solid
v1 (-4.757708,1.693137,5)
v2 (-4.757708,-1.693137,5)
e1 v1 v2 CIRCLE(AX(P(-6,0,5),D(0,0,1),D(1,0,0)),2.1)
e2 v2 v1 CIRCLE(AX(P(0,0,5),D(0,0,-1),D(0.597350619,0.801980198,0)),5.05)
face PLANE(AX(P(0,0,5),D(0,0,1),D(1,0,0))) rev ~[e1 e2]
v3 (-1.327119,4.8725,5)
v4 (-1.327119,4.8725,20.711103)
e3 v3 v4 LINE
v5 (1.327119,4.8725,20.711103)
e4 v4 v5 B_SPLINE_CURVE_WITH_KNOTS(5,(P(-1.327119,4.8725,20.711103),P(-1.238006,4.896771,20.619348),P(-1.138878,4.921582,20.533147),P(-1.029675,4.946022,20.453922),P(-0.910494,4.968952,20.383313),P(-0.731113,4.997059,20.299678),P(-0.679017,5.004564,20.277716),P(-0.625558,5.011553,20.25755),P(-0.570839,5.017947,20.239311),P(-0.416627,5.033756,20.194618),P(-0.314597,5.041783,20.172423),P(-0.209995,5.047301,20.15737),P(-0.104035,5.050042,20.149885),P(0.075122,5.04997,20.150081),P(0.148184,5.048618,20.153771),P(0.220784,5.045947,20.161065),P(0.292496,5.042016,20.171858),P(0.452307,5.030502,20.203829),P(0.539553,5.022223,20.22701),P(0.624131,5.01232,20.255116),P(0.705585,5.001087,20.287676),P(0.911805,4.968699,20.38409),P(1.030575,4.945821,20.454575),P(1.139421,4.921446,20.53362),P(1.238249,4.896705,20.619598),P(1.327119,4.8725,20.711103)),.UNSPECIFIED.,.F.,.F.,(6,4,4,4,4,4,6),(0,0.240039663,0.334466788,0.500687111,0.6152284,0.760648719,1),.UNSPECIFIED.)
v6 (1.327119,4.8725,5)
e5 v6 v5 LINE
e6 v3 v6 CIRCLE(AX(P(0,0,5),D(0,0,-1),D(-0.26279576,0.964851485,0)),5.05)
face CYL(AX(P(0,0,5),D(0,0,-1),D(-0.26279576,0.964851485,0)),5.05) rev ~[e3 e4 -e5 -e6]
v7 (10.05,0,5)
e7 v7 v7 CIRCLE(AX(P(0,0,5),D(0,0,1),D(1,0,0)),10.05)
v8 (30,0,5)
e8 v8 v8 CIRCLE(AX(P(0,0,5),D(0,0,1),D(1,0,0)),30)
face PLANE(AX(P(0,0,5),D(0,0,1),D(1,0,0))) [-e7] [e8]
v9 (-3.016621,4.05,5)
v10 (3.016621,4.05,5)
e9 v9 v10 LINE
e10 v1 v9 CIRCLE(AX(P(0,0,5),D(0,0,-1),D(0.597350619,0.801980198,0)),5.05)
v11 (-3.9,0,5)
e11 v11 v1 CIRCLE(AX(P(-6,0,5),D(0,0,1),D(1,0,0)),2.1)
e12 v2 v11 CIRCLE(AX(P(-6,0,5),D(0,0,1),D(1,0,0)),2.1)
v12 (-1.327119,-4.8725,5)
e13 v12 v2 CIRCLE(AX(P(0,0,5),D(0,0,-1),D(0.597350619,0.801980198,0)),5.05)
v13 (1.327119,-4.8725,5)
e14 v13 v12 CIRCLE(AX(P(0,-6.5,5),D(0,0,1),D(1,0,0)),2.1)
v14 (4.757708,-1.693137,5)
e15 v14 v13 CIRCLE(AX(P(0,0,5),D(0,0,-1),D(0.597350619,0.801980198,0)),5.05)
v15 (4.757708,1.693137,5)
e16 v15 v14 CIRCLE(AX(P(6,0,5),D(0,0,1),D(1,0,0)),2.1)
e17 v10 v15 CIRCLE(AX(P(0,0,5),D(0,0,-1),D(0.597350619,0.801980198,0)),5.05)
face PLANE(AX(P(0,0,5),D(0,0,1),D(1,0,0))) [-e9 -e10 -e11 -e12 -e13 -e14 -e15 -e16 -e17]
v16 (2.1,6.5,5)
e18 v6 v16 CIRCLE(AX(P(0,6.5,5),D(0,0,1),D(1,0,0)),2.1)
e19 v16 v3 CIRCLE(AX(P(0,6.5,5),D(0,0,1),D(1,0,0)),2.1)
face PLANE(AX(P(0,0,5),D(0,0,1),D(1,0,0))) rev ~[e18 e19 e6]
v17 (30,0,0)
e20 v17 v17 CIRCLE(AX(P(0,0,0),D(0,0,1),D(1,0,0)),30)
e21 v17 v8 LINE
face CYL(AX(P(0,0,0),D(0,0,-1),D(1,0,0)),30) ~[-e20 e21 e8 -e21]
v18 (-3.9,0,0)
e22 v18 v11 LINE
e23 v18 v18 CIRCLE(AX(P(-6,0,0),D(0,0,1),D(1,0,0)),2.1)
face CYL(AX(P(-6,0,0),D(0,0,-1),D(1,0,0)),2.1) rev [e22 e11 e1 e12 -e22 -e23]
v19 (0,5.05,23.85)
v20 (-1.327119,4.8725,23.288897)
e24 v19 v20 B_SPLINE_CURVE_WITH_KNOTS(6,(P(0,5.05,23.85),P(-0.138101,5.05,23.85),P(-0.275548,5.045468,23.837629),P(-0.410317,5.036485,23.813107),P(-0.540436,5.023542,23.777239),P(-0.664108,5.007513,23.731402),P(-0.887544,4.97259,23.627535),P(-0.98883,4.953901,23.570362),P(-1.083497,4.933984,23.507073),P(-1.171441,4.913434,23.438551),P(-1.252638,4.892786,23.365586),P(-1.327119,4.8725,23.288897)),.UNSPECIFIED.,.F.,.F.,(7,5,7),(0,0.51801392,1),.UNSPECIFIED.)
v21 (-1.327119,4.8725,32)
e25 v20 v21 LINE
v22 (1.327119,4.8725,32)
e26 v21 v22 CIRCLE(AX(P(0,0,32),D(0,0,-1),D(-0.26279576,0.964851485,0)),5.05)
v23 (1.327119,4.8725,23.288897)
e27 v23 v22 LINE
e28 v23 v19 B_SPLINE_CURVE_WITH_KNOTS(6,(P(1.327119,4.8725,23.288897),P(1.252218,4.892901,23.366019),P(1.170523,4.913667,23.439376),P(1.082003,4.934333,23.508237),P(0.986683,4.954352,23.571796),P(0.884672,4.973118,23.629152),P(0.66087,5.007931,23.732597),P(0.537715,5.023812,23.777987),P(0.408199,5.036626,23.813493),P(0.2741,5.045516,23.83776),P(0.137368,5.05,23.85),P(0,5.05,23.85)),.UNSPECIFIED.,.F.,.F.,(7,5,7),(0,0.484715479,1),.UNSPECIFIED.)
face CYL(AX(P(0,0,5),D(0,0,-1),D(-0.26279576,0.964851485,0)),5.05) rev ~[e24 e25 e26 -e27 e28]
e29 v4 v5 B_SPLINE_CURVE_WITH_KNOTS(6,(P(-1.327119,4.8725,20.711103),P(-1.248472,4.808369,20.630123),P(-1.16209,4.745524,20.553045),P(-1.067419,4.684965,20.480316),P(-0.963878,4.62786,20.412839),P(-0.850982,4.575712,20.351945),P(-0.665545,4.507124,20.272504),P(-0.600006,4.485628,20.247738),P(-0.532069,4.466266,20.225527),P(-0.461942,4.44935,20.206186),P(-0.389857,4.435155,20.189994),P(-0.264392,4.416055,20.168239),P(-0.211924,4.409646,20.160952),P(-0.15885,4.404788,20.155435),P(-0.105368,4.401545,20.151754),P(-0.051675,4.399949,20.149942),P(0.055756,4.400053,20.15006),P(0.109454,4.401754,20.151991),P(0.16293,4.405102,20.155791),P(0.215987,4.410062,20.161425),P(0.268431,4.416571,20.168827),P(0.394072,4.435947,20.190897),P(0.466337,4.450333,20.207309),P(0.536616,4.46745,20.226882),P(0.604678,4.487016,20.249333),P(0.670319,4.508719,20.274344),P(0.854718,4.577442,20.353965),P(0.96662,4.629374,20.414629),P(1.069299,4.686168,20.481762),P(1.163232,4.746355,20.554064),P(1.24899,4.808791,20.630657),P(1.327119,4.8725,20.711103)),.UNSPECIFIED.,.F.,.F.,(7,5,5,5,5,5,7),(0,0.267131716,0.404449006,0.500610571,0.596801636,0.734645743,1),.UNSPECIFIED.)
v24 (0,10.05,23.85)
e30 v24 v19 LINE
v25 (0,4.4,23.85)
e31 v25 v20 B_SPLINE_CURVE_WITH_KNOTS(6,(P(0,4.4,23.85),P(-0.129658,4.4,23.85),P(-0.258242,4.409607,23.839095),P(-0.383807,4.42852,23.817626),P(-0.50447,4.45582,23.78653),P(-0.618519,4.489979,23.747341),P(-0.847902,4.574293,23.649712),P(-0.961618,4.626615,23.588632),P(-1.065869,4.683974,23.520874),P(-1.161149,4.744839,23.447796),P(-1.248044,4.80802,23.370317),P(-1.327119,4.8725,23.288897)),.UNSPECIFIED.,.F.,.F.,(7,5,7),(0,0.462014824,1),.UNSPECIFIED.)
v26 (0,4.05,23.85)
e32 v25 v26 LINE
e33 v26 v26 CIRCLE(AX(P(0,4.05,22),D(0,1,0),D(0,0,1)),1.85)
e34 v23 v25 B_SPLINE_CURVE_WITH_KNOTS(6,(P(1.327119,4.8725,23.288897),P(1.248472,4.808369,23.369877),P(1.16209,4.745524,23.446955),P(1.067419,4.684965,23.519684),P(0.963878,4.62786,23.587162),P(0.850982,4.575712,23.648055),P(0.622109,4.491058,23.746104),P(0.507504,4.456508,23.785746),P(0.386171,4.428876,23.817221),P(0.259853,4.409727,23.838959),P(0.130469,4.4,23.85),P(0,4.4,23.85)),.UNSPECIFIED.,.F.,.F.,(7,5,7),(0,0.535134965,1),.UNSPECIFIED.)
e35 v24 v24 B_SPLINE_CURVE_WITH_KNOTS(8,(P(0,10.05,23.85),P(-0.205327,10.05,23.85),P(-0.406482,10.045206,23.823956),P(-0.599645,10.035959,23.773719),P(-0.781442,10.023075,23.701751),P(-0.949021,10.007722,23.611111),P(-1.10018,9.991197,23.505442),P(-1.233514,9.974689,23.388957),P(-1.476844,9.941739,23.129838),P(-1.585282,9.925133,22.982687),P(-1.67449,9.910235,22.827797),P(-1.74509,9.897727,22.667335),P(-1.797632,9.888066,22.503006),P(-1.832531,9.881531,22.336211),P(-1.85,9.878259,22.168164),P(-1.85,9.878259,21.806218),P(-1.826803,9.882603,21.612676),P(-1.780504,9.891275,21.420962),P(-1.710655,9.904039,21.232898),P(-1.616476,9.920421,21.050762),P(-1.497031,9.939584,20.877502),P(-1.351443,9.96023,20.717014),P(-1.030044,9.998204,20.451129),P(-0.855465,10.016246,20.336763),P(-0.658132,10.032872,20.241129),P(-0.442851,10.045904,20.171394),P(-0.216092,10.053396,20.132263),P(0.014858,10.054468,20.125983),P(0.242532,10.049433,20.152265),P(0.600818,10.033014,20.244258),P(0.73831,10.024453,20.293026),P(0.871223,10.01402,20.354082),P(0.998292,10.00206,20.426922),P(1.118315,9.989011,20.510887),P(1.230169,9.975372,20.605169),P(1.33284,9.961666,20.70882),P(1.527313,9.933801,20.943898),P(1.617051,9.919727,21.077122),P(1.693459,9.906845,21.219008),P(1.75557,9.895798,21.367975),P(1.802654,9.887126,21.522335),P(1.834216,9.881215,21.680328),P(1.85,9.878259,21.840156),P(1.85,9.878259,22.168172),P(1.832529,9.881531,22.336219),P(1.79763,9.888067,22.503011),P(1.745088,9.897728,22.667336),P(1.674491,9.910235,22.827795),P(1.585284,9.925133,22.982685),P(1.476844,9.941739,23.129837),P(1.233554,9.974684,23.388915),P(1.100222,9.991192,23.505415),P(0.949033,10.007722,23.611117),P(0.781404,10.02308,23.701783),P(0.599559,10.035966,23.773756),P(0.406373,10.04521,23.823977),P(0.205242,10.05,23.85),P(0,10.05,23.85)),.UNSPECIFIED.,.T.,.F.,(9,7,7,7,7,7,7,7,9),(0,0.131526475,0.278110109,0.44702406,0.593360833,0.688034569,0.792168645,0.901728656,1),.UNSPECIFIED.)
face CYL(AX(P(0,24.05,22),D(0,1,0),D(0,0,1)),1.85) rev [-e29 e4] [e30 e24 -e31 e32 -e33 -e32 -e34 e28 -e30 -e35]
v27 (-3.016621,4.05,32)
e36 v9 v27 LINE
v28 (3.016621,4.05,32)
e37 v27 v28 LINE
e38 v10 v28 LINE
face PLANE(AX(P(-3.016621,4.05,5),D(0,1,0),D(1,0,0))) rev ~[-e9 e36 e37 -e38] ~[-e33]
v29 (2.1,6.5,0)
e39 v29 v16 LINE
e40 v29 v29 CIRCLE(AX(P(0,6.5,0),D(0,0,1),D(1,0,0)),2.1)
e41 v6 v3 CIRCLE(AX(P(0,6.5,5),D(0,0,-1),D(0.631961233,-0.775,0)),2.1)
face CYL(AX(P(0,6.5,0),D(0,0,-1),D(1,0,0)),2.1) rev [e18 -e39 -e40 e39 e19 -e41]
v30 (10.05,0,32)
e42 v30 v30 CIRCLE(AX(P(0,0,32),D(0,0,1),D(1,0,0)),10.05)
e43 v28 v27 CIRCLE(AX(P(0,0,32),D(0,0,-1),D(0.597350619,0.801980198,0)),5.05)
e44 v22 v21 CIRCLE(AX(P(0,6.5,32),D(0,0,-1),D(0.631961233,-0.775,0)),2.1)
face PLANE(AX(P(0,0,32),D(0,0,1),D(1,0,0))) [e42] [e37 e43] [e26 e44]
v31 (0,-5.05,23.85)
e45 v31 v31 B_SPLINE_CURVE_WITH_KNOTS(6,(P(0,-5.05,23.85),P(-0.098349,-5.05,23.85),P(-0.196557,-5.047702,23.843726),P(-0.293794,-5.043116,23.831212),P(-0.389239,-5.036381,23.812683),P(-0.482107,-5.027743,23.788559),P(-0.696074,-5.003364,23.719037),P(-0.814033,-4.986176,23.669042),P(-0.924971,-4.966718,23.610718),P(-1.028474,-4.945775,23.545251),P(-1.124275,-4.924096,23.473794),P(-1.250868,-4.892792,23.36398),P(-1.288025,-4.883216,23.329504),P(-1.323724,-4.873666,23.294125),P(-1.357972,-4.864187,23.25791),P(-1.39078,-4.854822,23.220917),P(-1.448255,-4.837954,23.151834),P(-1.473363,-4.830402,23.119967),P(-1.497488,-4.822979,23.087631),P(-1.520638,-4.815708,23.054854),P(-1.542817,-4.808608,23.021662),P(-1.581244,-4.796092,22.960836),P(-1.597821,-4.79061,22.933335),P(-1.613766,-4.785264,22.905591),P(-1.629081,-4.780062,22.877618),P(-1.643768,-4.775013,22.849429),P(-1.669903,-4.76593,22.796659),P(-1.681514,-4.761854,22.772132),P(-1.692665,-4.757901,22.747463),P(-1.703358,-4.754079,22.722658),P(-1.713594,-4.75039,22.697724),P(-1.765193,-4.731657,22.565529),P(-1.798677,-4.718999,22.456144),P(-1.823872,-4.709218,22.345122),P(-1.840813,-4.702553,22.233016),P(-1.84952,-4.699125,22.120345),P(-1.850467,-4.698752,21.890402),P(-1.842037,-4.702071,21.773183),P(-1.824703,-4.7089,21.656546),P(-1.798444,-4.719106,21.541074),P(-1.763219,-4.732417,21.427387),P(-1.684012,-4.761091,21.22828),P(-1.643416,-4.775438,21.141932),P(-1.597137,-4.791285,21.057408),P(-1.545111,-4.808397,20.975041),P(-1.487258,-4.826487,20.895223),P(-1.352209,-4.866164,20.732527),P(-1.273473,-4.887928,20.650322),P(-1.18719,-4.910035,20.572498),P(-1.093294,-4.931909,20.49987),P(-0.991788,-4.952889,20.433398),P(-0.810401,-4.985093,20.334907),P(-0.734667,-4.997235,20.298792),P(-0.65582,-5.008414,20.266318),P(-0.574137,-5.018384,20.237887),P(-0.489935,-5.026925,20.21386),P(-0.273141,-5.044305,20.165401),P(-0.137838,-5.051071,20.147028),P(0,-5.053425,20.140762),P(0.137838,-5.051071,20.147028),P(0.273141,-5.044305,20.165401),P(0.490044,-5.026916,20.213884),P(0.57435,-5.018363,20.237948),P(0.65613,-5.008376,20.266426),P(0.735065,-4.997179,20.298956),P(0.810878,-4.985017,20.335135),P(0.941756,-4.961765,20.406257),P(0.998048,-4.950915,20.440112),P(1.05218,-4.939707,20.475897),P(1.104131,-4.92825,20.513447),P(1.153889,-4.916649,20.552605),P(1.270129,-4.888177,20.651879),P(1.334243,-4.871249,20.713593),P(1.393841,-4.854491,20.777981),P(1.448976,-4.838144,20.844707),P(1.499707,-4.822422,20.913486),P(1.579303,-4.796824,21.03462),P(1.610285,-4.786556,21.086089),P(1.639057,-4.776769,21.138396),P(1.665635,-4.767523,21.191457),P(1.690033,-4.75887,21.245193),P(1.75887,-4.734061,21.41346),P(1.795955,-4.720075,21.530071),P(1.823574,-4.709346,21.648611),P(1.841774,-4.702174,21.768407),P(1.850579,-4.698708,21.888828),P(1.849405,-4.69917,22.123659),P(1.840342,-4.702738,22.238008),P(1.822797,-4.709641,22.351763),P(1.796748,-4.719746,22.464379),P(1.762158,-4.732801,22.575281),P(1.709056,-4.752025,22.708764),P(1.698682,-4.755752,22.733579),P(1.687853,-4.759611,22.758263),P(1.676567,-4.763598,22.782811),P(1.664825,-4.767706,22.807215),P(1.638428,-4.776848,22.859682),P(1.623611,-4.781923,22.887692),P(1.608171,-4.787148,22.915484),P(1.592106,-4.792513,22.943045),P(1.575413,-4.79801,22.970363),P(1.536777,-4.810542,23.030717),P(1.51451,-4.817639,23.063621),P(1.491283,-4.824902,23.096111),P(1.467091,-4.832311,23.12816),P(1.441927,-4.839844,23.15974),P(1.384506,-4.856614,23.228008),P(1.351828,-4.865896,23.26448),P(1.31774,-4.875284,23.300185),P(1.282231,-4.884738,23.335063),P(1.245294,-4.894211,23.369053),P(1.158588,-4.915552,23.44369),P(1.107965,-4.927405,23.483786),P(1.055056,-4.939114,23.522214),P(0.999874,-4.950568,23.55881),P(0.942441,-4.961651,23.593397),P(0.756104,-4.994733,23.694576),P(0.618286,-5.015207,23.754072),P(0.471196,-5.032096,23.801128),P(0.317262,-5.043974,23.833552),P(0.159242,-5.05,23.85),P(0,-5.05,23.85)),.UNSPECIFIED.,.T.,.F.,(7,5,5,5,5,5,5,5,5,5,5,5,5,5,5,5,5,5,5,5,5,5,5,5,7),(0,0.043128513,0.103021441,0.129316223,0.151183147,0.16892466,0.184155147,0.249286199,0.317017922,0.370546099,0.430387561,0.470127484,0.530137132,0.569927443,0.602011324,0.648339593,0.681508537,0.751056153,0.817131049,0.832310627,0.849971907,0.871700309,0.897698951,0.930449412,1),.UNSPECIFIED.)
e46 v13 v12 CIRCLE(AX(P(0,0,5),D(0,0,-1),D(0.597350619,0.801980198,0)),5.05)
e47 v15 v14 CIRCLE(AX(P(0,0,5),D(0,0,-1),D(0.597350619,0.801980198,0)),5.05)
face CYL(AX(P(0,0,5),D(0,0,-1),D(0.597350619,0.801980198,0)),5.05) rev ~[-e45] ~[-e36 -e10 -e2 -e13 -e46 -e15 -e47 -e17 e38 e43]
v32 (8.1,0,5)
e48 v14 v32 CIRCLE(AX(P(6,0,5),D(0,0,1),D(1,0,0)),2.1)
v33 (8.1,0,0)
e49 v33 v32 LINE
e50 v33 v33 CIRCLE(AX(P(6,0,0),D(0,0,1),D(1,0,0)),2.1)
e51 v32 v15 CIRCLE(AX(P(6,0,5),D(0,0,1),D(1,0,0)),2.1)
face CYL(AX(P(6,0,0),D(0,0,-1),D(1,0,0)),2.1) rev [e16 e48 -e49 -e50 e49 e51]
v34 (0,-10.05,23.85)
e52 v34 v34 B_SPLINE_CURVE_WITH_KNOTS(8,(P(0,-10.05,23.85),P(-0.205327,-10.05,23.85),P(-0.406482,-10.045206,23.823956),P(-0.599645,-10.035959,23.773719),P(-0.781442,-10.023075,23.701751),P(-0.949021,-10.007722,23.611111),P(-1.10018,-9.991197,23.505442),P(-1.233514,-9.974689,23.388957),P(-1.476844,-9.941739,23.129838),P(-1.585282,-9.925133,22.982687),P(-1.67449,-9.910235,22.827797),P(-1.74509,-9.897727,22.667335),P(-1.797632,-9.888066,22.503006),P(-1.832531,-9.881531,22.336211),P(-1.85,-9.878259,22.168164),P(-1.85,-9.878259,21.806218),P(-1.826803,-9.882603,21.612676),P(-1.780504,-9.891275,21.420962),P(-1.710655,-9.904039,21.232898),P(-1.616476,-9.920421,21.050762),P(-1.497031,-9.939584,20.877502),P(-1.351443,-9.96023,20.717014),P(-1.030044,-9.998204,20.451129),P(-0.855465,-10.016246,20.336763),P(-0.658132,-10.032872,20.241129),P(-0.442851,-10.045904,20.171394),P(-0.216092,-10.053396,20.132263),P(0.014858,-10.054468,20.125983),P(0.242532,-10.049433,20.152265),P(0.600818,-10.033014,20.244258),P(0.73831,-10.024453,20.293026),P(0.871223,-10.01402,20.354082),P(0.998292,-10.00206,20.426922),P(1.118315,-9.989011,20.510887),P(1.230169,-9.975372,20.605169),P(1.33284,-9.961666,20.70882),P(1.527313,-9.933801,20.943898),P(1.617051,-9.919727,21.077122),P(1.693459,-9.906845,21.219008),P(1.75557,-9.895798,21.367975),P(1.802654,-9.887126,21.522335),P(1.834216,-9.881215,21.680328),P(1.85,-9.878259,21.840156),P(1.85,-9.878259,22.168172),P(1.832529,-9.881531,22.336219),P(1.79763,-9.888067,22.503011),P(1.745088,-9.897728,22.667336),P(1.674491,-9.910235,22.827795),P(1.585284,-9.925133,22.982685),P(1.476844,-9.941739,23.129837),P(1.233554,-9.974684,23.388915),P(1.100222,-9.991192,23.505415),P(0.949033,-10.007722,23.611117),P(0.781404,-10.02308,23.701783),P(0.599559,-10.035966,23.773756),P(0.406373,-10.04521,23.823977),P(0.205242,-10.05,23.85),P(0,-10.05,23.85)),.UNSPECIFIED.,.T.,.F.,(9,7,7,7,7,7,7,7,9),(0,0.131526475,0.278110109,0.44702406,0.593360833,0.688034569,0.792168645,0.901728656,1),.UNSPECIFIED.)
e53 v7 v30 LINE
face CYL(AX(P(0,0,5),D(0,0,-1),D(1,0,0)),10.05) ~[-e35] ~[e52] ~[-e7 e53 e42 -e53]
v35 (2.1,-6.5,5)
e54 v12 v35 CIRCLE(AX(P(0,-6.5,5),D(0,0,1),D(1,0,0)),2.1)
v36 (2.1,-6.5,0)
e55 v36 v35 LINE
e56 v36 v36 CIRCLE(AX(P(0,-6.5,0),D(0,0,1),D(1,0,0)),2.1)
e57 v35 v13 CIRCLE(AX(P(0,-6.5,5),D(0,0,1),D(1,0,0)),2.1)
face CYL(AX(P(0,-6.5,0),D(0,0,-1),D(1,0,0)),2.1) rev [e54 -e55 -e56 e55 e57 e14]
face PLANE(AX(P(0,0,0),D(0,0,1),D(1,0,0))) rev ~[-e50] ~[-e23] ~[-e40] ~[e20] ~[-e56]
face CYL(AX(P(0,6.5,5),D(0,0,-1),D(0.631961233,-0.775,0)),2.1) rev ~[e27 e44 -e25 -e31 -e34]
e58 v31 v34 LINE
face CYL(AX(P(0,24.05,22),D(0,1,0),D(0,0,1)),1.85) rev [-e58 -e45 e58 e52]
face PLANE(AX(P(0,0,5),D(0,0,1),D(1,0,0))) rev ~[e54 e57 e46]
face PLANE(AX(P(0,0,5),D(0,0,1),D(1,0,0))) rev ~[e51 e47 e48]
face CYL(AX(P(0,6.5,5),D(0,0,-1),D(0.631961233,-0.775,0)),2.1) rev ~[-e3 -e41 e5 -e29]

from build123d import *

# Parameters (mm, degrees)
SKETCH1_R               = 30
SKETCH1_R_2             = 2.1
BOSS_EXTRUDE1_DEPTH     = 5
SKETCH2_R               = 10.05
BOSS_EXTRUDE2_DEPTH     = 27
CUT_EXTRUDE1_DEPTH      = 20
CUT_EXTRUDE1_DEPTH_BACK = 20
SKETCH3_R               = 1.85


with BuildPart() as part:
    # Sketch1 → Boss-Extrude1 (new body)
    with BuildSketch(Plane.XY):
        Circle(SKETCH1_R)
        with Locations((0, 6.5)):
            Circle(SKETCH1_R_2, mode=Mode.SUBTRACT)
        with Locations((6, 0)):
            Circle(SKETCH1_R_2, mode=Mode.SUBTRACT)
        with Locations((0, -6.5)):
            Circle(SKETCH1_R_2, mode=Mode.SUBTRACT)
        with Locations((-6, 0)):
            Circle(SKETCH1_R_2, mode=Mode.SUBTRACT)
    extrude(amount=BOSS_EXTRUDE1_DEPTH)

    # Sketch2 → Boss-Extrude2 (add)
    with BuildSketch(Plane.XY.offset(5)):
        Circle(SKETCH2_R)
        with BuildLine():
            ThreePointArc((1.327118589, 4.8725), (0, 4.4), (-1.327118589, 4.8725))
            ThreePointArc((-1.327118589, 4.8725), (0, 5.05), (1.327118589, 4.8725))
        make_face(mode=Mode.SUBTRACT)
        with BuildLine():
            ThreePointArc((3.016620626, 4.05), (0, -5.05), (-3.016620626, 4.05))
            Line((-3.016620626, 4.05), (3.016620626, 4.05))
        make_face(mode=Mode.SUBTRACT)
    extrude(amount=BOSS_EXTRUDE2_DEPTH)

    # Sketch3 → Cut-Extrude1 (cut, two sides: drawn at the far end of the back side and taken through both)
    with BuildSketch(Plane(origin=(0, 4.05, 0), x_dir=(-1, 0, 0), z_dir=(0, -1, 0)).offset(-CUT_EXTRUDE1_DEPTH_BACK)):
        with Locations((0, -22)):
            Circle(SKETCH3_R)
    extrude(amount=CUT_EXTRUDE1_DEPTH + CUT_EXTRUDE1_DEPTH_BACK, mode=Mode.SUBTRACT)


solid = part.part
